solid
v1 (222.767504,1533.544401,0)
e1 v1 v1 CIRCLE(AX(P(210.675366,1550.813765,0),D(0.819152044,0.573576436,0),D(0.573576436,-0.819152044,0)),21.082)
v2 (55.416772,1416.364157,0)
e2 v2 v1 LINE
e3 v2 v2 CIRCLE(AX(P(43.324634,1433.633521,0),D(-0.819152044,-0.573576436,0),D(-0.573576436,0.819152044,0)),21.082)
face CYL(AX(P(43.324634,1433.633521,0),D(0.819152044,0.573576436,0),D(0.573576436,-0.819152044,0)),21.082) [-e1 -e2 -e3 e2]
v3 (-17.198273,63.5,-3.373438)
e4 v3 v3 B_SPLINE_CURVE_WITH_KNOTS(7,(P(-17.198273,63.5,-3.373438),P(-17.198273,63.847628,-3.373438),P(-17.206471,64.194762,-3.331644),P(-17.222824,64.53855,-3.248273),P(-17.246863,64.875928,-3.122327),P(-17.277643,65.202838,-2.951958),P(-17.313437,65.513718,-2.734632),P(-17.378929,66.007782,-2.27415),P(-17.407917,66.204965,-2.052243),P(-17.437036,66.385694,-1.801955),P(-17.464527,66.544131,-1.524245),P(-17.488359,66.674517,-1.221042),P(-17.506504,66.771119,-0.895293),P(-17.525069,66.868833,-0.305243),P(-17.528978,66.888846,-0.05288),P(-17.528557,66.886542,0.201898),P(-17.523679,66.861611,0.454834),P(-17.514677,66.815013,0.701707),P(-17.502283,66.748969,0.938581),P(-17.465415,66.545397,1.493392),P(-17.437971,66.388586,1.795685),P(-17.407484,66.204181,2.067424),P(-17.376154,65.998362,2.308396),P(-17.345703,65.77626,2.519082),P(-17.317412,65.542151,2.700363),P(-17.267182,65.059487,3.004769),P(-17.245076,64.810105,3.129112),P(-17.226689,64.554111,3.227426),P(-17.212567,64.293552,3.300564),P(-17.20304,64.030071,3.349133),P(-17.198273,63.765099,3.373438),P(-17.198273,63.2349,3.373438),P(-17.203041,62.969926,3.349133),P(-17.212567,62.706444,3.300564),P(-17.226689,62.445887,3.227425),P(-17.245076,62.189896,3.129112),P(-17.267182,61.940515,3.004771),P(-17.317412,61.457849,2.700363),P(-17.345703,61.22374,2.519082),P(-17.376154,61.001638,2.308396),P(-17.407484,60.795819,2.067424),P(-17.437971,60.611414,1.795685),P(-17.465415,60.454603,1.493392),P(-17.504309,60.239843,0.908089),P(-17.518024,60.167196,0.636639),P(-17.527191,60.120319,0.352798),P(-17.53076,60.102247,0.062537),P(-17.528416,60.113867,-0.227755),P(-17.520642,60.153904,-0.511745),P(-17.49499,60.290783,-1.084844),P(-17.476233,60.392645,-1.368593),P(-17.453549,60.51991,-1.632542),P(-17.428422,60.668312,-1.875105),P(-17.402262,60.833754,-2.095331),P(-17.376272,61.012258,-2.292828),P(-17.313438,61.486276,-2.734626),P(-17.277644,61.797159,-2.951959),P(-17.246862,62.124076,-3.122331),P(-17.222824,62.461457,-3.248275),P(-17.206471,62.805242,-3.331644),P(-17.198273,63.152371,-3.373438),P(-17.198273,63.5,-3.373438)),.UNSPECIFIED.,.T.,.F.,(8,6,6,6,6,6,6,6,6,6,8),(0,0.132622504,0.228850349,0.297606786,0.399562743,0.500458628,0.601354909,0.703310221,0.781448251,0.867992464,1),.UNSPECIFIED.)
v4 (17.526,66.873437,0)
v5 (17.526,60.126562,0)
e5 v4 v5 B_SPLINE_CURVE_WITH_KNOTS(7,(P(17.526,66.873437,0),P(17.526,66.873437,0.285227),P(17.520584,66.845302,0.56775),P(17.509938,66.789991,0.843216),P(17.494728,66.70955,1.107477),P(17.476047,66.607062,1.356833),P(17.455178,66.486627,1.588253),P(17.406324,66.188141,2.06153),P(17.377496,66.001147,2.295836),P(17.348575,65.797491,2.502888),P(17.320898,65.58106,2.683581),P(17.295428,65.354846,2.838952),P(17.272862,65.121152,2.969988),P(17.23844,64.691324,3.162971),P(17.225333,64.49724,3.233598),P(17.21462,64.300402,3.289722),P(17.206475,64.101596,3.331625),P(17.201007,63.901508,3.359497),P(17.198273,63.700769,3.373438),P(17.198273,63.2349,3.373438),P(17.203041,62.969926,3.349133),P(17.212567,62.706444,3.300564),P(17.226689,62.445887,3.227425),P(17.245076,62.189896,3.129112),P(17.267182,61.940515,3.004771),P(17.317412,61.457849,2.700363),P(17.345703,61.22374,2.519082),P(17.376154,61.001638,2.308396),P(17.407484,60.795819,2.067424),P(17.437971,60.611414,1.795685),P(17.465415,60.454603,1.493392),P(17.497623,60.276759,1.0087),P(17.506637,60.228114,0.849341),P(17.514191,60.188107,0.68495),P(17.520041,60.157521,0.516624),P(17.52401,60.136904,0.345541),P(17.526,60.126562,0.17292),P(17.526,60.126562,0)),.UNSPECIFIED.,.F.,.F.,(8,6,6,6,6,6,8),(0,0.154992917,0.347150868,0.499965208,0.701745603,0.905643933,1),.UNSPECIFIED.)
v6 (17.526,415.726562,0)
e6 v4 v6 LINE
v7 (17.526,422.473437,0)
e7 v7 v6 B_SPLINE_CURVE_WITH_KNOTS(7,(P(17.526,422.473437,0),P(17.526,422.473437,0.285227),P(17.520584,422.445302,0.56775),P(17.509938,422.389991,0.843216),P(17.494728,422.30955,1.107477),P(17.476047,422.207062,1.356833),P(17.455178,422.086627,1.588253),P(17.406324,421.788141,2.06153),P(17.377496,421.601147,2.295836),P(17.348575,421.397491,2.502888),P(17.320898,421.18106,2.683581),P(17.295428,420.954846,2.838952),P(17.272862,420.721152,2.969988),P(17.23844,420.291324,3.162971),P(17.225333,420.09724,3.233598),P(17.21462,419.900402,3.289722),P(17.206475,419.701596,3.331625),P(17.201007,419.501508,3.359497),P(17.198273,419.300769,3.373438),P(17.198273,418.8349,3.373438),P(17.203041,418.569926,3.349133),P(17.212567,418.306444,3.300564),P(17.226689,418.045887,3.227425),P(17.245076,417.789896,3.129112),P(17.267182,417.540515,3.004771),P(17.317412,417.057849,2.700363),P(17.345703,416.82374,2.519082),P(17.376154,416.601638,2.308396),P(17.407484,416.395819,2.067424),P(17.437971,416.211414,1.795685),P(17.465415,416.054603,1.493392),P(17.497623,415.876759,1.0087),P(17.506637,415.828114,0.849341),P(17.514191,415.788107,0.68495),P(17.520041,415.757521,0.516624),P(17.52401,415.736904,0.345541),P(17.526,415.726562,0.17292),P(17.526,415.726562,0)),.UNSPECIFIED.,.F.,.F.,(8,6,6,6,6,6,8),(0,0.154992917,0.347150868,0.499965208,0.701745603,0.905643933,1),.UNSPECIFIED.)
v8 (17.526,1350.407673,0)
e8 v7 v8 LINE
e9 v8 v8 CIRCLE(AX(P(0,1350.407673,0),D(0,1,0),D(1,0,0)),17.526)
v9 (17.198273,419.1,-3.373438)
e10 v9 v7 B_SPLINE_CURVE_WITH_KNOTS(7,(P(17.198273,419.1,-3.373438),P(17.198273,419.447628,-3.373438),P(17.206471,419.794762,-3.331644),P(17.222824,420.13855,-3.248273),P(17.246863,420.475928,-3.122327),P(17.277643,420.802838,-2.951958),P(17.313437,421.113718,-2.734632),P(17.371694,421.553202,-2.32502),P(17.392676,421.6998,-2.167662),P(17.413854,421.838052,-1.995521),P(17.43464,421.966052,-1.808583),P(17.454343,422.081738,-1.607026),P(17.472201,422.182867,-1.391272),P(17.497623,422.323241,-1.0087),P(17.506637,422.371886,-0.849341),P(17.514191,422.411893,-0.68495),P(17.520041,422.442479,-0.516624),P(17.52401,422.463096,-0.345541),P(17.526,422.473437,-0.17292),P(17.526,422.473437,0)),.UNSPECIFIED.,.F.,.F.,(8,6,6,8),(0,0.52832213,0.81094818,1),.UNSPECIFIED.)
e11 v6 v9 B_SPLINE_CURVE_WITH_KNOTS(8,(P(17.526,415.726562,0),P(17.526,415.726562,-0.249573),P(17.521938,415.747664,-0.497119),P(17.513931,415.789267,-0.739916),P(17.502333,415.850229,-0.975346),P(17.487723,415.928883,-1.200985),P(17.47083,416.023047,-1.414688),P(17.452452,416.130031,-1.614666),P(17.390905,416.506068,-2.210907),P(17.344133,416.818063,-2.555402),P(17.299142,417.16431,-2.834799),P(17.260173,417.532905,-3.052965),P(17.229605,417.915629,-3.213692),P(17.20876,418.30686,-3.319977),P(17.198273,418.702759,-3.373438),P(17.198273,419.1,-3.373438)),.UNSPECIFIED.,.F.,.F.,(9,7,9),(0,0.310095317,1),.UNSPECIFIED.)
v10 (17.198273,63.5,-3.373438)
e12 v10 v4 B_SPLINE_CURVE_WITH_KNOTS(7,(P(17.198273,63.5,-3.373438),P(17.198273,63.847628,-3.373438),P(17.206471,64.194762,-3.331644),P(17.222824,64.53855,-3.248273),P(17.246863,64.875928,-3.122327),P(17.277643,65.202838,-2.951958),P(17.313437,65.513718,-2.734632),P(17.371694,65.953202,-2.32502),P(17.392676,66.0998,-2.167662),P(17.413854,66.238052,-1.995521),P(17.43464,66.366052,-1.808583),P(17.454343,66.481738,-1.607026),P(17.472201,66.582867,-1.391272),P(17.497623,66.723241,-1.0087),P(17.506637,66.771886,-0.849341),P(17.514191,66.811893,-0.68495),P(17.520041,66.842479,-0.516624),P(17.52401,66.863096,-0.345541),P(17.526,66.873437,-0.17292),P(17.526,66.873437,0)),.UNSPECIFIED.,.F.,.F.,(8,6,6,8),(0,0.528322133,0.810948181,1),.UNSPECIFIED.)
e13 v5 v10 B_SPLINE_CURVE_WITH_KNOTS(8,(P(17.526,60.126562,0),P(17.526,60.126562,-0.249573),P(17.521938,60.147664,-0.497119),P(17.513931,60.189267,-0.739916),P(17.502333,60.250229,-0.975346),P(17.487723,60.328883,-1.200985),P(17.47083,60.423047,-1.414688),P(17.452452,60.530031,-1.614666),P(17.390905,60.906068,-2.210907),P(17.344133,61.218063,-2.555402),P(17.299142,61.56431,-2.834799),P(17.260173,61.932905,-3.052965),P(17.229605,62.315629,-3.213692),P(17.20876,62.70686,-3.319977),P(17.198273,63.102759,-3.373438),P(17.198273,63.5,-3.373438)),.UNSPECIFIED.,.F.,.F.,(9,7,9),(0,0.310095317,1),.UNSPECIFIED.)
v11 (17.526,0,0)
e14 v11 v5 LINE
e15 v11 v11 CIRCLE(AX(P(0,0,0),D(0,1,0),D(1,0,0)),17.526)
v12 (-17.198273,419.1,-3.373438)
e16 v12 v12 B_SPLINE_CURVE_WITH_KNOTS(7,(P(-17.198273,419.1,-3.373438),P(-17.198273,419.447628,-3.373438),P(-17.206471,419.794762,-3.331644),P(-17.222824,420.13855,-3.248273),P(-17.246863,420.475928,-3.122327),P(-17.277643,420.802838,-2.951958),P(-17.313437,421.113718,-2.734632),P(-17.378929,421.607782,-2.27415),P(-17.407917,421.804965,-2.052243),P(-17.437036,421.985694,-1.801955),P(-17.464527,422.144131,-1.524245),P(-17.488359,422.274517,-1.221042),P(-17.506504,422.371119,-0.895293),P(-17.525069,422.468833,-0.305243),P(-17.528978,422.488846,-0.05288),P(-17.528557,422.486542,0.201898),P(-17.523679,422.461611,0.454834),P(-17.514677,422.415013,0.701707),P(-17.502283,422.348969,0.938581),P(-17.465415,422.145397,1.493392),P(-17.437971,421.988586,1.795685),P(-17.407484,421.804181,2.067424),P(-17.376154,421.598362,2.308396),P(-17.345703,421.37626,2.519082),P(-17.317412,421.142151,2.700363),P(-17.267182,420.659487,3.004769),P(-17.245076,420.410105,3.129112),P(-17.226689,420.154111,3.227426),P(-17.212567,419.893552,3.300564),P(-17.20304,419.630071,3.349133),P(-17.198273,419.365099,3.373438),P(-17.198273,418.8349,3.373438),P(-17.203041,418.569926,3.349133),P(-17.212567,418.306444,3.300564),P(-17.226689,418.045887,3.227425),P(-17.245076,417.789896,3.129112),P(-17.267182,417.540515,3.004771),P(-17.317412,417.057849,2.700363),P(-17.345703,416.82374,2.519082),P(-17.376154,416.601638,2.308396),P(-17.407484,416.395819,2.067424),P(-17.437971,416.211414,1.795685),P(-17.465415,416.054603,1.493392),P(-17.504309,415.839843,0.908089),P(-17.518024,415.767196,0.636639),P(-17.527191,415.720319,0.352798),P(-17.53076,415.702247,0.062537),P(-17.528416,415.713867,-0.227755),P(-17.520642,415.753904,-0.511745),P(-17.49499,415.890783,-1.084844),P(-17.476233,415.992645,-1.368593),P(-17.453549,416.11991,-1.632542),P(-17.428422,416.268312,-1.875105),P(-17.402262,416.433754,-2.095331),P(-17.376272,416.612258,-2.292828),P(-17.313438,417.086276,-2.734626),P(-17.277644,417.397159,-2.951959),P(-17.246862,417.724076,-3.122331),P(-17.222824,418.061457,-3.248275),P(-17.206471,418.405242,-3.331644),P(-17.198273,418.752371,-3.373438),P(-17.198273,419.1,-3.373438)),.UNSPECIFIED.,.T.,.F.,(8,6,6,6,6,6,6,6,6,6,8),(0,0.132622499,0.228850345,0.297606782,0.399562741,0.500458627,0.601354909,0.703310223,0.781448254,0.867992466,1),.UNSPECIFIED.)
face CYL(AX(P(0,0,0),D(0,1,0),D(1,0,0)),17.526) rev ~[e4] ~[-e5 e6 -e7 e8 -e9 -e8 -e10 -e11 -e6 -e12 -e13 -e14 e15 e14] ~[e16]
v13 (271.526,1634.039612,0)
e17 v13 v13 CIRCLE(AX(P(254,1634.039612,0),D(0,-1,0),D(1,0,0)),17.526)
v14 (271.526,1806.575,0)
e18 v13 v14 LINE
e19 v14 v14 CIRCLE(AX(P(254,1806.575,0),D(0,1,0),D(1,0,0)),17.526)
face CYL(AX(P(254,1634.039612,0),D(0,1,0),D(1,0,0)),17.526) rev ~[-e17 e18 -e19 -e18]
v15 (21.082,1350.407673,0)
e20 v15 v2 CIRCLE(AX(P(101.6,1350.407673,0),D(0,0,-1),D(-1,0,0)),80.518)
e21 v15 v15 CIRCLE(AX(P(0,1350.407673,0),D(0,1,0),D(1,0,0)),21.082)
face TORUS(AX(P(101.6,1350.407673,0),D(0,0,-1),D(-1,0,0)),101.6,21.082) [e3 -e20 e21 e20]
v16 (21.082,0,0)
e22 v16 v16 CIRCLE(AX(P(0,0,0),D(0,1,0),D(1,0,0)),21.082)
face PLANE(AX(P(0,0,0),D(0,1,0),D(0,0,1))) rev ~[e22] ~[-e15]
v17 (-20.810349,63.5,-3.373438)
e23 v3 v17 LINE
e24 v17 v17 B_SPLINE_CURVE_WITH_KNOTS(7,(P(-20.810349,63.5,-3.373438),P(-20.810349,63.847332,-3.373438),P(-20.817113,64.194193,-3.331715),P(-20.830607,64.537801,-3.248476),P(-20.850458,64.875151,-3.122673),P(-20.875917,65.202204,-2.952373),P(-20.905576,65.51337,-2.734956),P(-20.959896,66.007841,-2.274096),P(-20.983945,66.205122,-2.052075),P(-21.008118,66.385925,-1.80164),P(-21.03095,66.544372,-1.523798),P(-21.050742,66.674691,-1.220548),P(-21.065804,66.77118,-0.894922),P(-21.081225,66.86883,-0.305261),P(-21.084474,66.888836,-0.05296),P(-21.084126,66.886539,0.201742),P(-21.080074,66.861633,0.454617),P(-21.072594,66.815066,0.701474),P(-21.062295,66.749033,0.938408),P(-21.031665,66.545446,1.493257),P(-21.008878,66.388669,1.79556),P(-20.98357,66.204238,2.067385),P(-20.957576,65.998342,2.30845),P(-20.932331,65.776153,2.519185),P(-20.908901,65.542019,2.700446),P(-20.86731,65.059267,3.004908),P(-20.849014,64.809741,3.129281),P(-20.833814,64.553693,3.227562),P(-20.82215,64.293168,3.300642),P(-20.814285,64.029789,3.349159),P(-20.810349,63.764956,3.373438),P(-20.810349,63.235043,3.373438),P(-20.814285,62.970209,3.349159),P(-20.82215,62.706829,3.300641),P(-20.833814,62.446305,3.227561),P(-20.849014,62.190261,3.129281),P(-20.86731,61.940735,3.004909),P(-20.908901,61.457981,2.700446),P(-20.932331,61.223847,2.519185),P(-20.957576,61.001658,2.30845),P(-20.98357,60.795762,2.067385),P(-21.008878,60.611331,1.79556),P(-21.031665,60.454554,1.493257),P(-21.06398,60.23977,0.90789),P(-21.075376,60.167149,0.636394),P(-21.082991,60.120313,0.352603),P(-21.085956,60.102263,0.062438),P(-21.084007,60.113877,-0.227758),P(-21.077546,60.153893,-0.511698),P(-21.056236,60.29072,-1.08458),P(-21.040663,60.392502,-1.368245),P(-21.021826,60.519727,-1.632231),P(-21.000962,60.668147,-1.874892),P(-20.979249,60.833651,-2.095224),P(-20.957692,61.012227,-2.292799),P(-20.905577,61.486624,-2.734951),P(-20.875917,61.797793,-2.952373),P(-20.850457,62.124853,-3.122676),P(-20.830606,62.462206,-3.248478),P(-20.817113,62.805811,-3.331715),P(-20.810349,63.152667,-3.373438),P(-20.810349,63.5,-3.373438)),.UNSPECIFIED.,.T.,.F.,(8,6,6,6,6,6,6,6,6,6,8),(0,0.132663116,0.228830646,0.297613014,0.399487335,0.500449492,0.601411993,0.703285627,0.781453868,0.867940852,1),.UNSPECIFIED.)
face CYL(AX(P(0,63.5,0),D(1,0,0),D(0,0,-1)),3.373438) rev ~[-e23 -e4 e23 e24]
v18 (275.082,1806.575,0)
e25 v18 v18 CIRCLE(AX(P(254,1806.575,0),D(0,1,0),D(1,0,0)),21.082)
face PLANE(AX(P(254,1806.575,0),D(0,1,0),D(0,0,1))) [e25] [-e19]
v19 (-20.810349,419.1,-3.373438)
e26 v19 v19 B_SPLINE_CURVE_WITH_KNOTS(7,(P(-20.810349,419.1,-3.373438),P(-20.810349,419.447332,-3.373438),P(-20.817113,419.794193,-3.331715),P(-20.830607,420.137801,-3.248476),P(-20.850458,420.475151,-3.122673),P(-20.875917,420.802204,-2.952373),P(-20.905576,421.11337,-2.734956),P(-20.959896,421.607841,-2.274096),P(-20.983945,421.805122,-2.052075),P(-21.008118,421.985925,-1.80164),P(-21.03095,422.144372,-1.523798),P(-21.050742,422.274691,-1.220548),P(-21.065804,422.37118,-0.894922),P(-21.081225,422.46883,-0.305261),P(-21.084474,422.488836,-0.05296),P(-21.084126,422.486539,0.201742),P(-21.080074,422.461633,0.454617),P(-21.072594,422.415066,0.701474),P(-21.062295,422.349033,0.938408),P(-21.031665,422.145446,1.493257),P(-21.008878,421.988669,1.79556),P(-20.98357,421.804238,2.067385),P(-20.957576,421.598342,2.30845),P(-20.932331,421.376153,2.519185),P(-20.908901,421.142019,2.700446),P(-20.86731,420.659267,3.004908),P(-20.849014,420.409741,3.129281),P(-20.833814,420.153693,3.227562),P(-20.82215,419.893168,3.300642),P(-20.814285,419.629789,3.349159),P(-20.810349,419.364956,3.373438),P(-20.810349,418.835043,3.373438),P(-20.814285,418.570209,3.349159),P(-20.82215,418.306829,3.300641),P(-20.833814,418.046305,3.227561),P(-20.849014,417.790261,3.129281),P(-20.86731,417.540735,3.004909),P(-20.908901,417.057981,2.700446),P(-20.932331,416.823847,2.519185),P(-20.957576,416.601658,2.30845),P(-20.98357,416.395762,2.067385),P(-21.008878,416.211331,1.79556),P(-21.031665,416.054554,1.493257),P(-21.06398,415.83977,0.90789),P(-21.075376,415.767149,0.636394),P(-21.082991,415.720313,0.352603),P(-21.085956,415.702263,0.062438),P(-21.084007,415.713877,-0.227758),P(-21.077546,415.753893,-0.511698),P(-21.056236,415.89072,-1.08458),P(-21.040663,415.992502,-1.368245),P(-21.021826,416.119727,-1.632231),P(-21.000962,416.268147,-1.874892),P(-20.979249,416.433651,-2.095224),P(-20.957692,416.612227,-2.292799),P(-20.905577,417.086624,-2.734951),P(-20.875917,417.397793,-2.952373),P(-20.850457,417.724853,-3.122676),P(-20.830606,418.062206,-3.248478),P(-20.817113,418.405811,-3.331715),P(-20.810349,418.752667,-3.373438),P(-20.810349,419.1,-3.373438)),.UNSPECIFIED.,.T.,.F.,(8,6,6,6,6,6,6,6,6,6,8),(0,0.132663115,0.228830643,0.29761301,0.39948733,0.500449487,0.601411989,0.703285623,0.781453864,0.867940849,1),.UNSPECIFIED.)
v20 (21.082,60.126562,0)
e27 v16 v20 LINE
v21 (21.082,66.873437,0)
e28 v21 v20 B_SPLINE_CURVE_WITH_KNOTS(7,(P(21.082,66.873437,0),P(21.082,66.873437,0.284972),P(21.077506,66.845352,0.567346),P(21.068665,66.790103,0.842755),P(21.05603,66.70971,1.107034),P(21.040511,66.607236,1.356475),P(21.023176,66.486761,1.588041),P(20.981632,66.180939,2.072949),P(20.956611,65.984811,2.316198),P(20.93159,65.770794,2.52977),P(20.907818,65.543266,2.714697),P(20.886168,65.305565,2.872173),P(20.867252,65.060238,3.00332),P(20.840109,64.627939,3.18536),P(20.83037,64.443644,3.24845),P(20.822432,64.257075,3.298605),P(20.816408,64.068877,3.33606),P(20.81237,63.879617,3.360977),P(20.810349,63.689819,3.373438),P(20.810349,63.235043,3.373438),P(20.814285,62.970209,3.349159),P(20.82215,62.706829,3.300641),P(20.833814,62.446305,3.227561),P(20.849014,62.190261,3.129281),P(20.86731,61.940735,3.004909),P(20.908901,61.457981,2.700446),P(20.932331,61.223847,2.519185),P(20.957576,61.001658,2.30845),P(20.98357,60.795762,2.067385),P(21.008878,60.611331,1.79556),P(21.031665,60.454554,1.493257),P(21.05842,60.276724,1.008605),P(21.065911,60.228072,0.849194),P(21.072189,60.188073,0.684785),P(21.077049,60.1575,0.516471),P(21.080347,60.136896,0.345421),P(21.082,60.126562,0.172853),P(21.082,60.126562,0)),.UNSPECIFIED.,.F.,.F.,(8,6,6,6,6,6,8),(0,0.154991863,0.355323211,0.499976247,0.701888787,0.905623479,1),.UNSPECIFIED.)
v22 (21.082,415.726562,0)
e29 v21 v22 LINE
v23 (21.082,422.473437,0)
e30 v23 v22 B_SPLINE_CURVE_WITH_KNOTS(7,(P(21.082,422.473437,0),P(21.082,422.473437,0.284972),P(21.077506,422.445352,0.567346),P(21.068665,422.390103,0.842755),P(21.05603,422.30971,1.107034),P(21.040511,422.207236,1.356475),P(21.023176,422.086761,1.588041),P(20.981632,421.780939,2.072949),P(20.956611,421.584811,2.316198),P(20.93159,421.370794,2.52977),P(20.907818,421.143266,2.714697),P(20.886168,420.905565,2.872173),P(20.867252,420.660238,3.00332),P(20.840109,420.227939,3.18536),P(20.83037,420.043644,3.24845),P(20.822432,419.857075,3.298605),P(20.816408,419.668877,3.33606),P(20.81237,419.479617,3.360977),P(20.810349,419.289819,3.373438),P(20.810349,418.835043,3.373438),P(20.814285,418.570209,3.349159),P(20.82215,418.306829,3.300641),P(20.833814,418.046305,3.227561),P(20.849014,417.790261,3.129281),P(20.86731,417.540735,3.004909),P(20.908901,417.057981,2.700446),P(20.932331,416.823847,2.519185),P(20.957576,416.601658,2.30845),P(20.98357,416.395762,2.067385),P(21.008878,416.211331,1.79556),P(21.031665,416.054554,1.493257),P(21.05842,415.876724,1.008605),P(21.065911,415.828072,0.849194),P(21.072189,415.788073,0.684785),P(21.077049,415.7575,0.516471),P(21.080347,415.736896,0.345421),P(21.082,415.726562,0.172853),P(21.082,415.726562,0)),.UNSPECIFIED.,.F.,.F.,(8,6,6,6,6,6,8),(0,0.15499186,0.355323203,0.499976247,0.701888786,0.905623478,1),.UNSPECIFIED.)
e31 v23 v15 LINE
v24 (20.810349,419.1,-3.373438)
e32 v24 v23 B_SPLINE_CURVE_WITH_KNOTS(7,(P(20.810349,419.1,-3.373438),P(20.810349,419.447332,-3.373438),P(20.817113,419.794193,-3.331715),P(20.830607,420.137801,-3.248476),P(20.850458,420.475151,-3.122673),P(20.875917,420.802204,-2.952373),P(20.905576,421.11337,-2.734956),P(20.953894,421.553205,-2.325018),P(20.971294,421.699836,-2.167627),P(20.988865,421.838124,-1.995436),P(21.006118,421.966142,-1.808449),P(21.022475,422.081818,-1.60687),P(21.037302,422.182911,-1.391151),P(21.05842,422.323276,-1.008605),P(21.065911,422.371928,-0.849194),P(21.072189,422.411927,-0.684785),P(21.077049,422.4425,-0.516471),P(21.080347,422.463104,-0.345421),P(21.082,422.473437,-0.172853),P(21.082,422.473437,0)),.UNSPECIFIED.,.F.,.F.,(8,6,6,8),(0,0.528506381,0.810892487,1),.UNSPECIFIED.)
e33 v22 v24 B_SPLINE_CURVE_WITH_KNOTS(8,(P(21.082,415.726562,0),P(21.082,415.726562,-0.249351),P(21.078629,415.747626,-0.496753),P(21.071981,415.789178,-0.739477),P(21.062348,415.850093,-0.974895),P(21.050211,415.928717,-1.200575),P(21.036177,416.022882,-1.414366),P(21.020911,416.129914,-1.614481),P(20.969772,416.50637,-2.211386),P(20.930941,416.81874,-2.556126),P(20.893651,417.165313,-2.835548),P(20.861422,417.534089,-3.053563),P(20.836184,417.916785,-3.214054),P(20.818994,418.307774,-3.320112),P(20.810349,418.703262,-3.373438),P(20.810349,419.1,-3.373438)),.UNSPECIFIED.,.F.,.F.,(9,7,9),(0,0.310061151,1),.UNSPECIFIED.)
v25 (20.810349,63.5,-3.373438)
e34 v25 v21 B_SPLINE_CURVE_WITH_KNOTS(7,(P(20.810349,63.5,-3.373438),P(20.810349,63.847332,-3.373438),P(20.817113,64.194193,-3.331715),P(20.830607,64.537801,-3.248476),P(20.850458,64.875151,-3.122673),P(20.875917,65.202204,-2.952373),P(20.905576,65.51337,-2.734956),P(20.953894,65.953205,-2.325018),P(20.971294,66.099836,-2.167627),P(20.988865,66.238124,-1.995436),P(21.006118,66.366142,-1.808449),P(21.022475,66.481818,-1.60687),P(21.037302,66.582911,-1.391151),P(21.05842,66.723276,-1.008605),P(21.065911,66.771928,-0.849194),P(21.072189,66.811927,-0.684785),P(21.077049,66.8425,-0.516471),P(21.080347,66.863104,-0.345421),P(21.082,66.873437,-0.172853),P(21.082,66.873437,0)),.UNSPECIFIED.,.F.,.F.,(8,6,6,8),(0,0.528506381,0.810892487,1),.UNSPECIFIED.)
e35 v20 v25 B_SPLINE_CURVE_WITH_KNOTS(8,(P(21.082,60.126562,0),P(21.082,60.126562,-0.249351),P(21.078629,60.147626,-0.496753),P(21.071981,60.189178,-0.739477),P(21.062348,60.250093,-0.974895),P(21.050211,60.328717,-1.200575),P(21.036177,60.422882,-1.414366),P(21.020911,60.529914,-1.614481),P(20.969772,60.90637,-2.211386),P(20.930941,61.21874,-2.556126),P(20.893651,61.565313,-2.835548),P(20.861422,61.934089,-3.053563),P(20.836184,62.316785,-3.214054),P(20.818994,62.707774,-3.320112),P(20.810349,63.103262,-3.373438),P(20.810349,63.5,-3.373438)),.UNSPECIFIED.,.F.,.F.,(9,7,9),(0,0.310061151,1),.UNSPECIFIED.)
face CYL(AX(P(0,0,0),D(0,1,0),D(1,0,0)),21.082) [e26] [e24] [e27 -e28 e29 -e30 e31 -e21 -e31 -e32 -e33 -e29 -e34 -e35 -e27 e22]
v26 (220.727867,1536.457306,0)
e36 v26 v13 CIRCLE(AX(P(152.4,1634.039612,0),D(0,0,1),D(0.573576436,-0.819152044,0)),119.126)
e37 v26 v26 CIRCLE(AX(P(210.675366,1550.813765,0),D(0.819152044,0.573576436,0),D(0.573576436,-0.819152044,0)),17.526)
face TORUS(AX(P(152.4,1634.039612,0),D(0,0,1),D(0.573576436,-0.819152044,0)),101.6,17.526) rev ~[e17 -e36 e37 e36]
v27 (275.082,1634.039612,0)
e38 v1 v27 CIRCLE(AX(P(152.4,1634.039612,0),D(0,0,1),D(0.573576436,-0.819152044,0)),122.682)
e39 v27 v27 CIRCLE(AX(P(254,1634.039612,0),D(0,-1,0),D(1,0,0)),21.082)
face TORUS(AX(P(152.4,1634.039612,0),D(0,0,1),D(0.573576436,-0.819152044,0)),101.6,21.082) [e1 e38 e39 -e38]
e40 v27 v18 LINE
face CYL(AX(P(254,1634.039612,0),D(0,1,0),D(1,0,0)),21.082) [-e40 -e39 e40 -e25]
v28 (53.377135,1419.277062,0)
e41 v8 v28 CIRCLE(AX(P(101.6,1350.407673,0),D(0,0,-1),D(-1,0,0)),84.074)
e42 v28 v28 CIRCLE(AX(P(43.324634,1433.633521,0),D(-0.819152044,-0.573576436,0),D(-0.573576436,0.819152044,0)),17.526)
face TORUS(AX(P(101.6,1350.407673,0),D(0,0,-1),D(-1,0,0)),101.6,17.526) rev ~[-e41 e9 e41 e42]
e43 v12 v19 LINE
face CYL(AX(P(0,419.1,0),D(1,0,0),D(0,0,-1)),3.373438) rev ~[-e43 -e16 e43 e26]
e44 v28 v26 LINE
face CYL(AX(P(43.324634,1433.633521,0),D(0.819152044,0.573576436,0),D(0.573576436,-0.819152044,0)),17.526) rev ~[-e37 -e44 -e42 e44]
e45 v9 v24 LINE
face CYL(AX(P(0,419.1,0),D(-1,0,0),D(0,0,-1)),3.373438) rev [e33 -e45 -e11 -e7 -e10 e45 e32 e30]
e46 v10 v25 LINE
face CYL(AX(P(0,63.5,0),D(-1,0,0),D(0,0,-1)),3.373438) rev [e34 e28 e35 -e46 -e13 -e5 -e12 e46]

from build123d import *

# Parameters (mm, degrees)
SKETCH3_R               = 21.082
SKETCH3_R_2             = 17.526
SKETCH5_R               = 3.3734375
CUT_EXTRUDE1_DEPTH      = 276.0820001
CUT_EXTRUDE1_DEPTH_BACK = 22.0820001


with BuildPart() as part:
    # Sweep1: sweep along a path in Sketch2
    with BuildLine(Plane.XY) as sweep1_path:
        Line((0, 0), (0, 1350.407672959))
        ThreePointArc((0, 1350.407672959), (11.479699349, 1397.321332063), (43.324634067, 1433.633520658))
        Line((43.324634067, 1433.633520658), (210.675365933, 1550.813764636))
        ThreePointArc((210.675365933, 1550.813764636), (242.520300651, 1587.125953231), (254, 1634.039612336))
        Line((254, 1634.039612336), (254, 1806.575))
    # Sketch3 → Sweep1 (sweep)
    with BuildSketch(Plane(origin=(0, 1806.575, 0), x_dir=(1, 0, 0), z_dir=(0, 1, 0))):
        with Locations((254, 0)):
            Circle(SKETCH3_R)
        with Locations((254, 0)):
            Circle(SKETCH3_R_2, mode=Mode.SUBTRACT)
    sweep(path=sweep1_path.line)

    # Sketch5 → Cut-Extrude1 (cut, two sides)
    with BuildSketch(Plane(origin=(0, 0, 0), x_dir=(0, 0, -1), z_dir=(1, 0, 0))) as cut_extrude1_sk:
        with Locations((0, 63.5)):
            Circle(SKETCH5_R)
        with Locations((0, 419.1)):
            Circle(SKETCH5_R)
    extrude(amount=CUT_EXTRUDE1_DEPTH, mode=Mode.SUBTRACT)
    extrude(cut_extrude1_sk.sketch, amount=-CUT_EXTRUDE1_DEPTH_BACK, mode=Mode.SUBTRACT)


solid = part.part
